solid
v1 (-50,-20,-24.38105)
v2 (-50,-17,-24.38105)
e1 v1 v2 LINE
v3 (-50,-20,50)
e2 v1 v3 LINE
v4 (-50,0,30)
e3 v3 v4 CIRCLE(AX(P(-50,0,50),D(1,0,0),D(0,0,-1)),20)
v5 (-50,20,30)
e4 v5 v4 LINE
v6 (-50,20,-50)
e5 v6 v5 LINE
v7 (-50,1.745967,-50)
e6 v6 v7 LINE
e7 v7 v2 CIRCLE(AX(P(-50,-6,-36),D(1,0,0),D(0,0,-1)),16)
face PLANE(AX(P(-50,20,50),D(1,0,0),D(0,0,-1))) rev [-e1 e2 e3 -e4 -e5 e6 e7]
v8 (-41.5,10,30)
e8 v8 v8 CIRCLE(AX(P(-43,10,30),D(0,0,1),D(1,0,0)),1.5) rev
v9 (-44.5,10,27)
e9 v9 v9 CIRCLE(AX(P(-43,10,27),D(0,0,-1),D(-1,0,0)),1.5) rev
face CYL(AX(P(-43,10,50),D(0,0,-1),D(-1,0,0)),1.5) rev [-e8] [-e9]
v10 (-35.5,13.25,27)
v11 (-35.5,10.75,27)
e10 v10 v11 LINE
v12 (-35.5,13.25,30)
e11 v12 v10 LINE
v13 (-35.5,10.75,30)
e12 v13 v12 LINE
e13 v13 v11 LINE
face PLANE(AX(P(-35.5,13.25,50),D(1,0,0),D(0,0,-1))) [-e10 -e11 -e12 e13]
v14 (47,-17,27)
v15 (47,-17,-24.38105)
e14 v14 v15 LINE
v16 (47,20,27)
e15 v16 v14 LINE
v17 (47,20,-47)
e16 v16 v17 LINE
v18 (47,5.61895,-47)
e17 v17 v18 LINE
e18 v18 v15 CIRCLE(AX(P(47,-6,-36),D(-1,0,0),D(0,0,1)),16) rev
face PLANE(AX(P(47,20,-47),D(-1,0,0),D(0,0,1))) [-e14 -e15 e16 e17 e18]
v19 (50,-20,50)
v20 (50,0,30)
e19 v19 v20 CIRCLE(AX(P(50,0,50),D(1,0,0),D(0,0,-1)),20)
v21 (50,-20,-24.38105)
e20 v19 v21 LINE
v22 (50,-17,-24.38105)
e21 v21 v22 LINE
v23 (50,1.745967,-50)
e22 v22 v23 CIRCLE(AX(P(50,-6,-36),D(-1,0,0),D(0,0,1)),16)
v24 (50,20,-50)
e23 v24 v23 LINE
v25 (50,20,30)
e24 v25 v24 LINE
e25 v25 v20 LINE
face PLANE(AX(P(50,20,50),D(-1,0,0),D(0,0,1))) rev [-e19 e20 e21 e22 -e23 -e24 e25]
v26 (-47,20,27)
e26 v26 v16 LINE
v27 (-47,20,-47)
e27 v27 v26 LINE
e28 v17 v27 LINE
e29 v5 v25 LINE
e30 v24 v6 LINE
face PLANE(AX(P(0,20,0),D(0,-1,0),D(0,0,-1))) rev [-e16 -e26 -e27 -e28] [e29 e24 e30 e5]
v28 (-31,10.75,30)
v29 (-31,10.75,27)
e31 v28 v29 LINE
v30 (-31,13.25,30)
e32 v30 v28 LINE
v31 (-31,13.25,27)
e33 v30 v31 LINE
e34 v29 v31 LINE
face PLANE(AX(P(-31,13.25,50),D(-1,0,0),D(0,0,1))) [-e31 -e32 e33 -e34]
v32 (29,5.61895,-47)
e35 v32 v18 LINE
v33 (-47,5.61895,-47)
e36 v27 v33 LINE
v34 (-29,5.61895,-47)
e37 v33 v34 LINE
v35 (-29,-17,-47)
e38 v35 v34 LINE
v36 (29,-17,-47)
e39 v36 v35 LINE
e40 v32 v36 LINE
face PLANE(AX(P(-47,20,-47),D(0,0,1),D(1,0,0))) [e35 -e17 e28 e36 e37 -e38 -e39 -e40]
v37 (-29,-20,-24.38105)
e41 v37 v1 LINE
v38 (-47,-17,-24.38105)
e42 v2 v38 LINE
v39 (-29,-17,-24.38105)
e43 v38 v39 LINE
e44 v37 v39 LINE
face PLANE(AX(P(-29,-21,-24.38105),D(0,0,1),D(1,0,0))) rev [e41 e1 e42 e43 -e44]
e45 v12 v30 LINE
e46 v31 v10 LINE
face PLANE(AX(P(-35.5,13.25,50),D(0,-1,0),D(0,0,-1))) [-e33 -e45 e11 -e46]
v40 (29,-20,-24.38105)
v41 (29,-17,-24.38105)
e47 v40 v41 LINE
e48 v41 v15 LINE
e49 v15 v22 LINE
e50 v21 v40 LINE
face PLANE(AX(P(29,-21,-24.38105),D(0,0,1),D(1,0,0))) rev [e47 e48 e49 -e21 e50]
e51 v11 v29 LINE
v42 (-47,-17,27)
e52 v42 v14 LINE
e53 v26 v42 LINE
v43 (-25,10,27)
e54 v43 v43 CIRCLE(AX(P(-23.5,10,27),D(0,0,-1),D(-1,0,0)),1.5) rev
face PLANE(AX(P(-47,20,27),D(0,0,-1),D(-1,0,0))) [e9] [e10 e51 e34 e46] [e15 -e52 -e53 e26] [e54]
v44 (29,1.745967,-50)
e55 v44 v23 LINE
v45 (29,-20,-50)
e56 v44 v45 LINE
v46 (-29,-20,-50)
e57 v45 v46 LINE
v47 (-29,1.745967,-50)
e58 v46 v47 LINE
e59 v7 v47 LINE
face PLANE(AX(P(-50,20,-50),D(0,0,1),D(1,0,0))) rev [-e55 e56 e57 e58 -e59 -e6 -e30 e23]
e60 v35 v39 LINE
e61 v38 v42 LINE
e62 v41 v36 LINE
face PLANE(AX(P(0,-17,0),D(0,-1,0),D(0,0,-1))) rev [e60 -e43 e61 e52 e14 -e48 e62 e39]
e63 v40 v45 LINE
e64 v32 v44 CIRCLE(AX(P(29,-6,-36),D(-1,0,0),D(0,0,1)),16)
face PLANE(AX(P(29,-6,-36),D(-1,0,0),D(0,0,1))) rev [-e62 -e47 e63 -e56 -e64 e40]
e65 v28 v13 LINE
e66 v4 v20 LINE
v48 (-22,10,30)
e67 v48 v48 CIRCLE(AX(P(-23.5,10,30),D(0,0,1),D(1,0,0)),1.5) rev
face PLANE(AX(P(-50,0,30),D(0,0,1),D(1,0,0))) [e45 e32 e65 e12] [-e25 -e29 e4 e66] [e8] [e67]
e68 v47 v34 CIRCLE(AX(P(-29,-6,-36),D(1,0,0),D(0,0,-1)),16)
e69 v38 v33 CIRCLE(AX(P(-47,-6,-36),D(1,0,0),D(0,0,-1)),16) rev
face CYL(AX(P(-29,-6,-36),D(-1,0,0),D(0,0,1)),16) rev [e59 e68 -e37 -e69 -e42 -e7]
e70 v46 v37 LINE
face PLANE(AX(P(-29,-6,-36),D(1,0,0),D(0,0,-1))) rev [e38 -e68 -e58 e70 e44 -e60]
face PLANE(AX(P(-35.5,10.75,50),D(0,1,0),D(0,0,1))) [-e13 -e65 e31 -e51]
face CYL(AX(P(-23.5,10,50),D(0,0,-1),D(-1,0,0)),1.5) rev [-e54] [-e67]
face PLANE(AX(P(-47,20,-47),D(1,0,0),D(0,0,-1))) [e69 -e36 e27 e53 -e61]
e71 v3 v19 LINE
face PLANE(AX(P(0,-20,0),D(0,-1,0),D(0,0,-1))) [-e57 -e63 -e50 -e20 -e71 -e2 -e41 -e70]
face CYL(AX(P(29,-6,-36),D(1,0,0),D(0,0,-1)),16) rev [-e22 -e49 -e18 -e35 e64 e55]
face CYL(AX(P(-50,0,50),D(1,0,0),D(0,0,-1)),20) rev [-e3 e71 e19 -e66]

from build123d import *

# Parameters (mm, degrees)
ESBO_O1_W                  = 100
ESBO_O1_H                  = 100
RESSALTO_EXTRUS_O1_DEPTH   = 20
CORTE_EXTRUS_O1_DEPTH      = 74.484692283
CORTE_EXTRUS_O1_DEPTH_BACK = 74.484692283
ESBO_O2_R                  = 20
ESBO_O3_W                  = 94
ESBO_O3_H                  = 74
CORTE_EXTRUS_O2_DEPTH      = 74.484692283
ESBO_O5_W                  = 94
ESBO_O5_H                  = 74
CORTE_EXTRUS_O3_DEPTH      = 17
CORTE_EXTRUS_O4_START      = 50
ESBO_O6_R                  = 16
CORTE_EXTRUS_O4_DEPTH      = 21
CORTE_EXTRUS_O5_START      = -29
ESBO_O6_4_R                = 16
CORTE_EXTRUS_O5_DEPTH      = 21
ESBO_O7_W                  = 21
ESBO_O7_H                  = 3.872983347
CORTE_EXTRUS_O6_DEPTH      = 21
ESBO_O8_R                  = 1.5
ESBO_O8_W                  = 4.5
ESBO_O8_H                  = 2.5
CORTE_EXTRUS_O8_DEPTH      = 74.484692283


with BuildPart() as part:
    # Esboço1 → Ressalto-extrusão1 (new, symmetric)
    with BuildSketch(Plane(origin=(0, 0, 0), x_dir=(1, 0, 0), z_dir=(0, 1, 0))):
        Rectangle(ESBO_O1_W, ESBO_O1_H)
    extrude(amount=RESSALTO_EXTRUS_O1_DEPTH, both=True)

    # Esboço2 → Corte-extrusão1 (cut, two sides: drawn at the far end of the back side and taken through both)
    with BuildSketch(Plane(origin=(0, 0, 0), x_dir=(0, 0, -1), z_dir=(1, 0, 0)).offset(-CORTE_EXTRUS_O1_DEPTH_BACK)):
        with BuildLine():
            Line((-30, 20), (-50, 20))
            ThreePointArc((-50, 20), (-35.857864376, 14.142135624), (-30, 0))
            Line((-30, 0), (-30, 20))
        make_face()
        with Locations((-50, 0)):
            Circle(ESBO_O2_R)
    extrude(amount=CORTE_EXTRUS_O1_DEPTH + CORTE_EXTRUS_O1_DEPTH_BACK, mode=Mode.SUBTRACT)

    # Esboço3 → Corte-extrusão2 (cut, through all)
    with BuildSketch(Plane(origin=(0, 0, 0), x_dir=(1, 0, 0), z_dir=(0, 1, 0))):
        with Locations((0, 10)):
            Rectangle(ESBO_O3_W, ESBO_O3_H)
    extrude(amount=CORTE_EXTRUS_O2_DEPTH, mode=Mode.SUBTRACT)

    # Esboço5 → Corte-extrusão3 (cut)
    with BuildSketch(Plane(origin=(0, 0, 0), x_dir=(1, 0, 0), z_dir=(0, 1, 0))):
        with Locations((0, 10)):
            Rectangle(ESBO_O5_W, ESBO_O5_H)
    extrude(amount=-CORTE_EXTRUS_O3_DEPTH, mode=Mode.SUBTRACT)

    # Esboço6 → Corte-extrusão4 (cut)
    with BuildSketch(Plane(origin=(0, 0, 0), x_dir=(0, 0, -1), z_dir=(1, 0, 0)).offset(CORTE_EXTRUS_O4_START)):
        with Locations((36, -6)):
            Circle(ESBO_O6_R)
        with BuildLine():
            ThreePointArc((52, -6), (47.313708499, -17.313708499), (36, -22))
            Line((36, -22), (52, -22))
            Line((52, -22), (52, -6))
        make_face()
    extrude(amount=-CORTE_EXTRUS_O4_DEPTH, mode=Mode.SUBTRACT)

    # Esboço6<4> → Corte-extrusão5 (cut)
    with BuildSketch(Plane(origin=(0, 0, 0), x_dir=(0, 0, -1), z_dir=(1, 0, 0)).offset(CORTE_EXTRUS_O5_START)):
        with BuildLine():
            ThreePointArc((52, -6), (47.313708499, -17.313708499), (36, -22))
            Line((36, -22), (52, -22))
            Line((52, -22), (52, -6))
        make_face()
        with Locations((36, -6)):
            Circle(ESBO_O6_4_R)
    extrude(amount=-CORTE_EXTRUS_O5_DEPTH, mode=Mode.SUBTRACT)

    # Esboço7 → Corte-extrusão6 (cut)
    with BuildSketch(Plane(origin=(0, 0, 0), x_dir=(1, 0, 0), z_dir=(0, 1, 0))):
        with Locations((-39.5, 26.317541635)):
            Rectangle(ESBO_O7_W, ESBO_O7_H)
        with Locations((39.5, 26.317541635)):
            Rectangle(ESBO_O7_W, ESBO_O7_H)
    extrude(amount=-CORTE_EXTRUS_O6_DEPTH, mode=Mode.SUBTRACT)

    # Esboço8 → Corte-extrusão8 (cut, through all)
    with BuildSketch(Plane.XY):
        with Locations(Location((-43, 10, 0), (0, 0, 180))):
            Circle(ESBO_O8_R)
        with Locations(Location((-23.5, 10, 0), (0, 0, 180))):
            Circle(ESBO_O8_R)
        with Locations((-33.25, 12)):
            Rectangle(ESBO_O8_W, ESBO_O8_H)
    extrude(amount=CORTE_EXTRUS_O8_DEPTH, mode=Mode.SUBTRACT)


solid = part.part
